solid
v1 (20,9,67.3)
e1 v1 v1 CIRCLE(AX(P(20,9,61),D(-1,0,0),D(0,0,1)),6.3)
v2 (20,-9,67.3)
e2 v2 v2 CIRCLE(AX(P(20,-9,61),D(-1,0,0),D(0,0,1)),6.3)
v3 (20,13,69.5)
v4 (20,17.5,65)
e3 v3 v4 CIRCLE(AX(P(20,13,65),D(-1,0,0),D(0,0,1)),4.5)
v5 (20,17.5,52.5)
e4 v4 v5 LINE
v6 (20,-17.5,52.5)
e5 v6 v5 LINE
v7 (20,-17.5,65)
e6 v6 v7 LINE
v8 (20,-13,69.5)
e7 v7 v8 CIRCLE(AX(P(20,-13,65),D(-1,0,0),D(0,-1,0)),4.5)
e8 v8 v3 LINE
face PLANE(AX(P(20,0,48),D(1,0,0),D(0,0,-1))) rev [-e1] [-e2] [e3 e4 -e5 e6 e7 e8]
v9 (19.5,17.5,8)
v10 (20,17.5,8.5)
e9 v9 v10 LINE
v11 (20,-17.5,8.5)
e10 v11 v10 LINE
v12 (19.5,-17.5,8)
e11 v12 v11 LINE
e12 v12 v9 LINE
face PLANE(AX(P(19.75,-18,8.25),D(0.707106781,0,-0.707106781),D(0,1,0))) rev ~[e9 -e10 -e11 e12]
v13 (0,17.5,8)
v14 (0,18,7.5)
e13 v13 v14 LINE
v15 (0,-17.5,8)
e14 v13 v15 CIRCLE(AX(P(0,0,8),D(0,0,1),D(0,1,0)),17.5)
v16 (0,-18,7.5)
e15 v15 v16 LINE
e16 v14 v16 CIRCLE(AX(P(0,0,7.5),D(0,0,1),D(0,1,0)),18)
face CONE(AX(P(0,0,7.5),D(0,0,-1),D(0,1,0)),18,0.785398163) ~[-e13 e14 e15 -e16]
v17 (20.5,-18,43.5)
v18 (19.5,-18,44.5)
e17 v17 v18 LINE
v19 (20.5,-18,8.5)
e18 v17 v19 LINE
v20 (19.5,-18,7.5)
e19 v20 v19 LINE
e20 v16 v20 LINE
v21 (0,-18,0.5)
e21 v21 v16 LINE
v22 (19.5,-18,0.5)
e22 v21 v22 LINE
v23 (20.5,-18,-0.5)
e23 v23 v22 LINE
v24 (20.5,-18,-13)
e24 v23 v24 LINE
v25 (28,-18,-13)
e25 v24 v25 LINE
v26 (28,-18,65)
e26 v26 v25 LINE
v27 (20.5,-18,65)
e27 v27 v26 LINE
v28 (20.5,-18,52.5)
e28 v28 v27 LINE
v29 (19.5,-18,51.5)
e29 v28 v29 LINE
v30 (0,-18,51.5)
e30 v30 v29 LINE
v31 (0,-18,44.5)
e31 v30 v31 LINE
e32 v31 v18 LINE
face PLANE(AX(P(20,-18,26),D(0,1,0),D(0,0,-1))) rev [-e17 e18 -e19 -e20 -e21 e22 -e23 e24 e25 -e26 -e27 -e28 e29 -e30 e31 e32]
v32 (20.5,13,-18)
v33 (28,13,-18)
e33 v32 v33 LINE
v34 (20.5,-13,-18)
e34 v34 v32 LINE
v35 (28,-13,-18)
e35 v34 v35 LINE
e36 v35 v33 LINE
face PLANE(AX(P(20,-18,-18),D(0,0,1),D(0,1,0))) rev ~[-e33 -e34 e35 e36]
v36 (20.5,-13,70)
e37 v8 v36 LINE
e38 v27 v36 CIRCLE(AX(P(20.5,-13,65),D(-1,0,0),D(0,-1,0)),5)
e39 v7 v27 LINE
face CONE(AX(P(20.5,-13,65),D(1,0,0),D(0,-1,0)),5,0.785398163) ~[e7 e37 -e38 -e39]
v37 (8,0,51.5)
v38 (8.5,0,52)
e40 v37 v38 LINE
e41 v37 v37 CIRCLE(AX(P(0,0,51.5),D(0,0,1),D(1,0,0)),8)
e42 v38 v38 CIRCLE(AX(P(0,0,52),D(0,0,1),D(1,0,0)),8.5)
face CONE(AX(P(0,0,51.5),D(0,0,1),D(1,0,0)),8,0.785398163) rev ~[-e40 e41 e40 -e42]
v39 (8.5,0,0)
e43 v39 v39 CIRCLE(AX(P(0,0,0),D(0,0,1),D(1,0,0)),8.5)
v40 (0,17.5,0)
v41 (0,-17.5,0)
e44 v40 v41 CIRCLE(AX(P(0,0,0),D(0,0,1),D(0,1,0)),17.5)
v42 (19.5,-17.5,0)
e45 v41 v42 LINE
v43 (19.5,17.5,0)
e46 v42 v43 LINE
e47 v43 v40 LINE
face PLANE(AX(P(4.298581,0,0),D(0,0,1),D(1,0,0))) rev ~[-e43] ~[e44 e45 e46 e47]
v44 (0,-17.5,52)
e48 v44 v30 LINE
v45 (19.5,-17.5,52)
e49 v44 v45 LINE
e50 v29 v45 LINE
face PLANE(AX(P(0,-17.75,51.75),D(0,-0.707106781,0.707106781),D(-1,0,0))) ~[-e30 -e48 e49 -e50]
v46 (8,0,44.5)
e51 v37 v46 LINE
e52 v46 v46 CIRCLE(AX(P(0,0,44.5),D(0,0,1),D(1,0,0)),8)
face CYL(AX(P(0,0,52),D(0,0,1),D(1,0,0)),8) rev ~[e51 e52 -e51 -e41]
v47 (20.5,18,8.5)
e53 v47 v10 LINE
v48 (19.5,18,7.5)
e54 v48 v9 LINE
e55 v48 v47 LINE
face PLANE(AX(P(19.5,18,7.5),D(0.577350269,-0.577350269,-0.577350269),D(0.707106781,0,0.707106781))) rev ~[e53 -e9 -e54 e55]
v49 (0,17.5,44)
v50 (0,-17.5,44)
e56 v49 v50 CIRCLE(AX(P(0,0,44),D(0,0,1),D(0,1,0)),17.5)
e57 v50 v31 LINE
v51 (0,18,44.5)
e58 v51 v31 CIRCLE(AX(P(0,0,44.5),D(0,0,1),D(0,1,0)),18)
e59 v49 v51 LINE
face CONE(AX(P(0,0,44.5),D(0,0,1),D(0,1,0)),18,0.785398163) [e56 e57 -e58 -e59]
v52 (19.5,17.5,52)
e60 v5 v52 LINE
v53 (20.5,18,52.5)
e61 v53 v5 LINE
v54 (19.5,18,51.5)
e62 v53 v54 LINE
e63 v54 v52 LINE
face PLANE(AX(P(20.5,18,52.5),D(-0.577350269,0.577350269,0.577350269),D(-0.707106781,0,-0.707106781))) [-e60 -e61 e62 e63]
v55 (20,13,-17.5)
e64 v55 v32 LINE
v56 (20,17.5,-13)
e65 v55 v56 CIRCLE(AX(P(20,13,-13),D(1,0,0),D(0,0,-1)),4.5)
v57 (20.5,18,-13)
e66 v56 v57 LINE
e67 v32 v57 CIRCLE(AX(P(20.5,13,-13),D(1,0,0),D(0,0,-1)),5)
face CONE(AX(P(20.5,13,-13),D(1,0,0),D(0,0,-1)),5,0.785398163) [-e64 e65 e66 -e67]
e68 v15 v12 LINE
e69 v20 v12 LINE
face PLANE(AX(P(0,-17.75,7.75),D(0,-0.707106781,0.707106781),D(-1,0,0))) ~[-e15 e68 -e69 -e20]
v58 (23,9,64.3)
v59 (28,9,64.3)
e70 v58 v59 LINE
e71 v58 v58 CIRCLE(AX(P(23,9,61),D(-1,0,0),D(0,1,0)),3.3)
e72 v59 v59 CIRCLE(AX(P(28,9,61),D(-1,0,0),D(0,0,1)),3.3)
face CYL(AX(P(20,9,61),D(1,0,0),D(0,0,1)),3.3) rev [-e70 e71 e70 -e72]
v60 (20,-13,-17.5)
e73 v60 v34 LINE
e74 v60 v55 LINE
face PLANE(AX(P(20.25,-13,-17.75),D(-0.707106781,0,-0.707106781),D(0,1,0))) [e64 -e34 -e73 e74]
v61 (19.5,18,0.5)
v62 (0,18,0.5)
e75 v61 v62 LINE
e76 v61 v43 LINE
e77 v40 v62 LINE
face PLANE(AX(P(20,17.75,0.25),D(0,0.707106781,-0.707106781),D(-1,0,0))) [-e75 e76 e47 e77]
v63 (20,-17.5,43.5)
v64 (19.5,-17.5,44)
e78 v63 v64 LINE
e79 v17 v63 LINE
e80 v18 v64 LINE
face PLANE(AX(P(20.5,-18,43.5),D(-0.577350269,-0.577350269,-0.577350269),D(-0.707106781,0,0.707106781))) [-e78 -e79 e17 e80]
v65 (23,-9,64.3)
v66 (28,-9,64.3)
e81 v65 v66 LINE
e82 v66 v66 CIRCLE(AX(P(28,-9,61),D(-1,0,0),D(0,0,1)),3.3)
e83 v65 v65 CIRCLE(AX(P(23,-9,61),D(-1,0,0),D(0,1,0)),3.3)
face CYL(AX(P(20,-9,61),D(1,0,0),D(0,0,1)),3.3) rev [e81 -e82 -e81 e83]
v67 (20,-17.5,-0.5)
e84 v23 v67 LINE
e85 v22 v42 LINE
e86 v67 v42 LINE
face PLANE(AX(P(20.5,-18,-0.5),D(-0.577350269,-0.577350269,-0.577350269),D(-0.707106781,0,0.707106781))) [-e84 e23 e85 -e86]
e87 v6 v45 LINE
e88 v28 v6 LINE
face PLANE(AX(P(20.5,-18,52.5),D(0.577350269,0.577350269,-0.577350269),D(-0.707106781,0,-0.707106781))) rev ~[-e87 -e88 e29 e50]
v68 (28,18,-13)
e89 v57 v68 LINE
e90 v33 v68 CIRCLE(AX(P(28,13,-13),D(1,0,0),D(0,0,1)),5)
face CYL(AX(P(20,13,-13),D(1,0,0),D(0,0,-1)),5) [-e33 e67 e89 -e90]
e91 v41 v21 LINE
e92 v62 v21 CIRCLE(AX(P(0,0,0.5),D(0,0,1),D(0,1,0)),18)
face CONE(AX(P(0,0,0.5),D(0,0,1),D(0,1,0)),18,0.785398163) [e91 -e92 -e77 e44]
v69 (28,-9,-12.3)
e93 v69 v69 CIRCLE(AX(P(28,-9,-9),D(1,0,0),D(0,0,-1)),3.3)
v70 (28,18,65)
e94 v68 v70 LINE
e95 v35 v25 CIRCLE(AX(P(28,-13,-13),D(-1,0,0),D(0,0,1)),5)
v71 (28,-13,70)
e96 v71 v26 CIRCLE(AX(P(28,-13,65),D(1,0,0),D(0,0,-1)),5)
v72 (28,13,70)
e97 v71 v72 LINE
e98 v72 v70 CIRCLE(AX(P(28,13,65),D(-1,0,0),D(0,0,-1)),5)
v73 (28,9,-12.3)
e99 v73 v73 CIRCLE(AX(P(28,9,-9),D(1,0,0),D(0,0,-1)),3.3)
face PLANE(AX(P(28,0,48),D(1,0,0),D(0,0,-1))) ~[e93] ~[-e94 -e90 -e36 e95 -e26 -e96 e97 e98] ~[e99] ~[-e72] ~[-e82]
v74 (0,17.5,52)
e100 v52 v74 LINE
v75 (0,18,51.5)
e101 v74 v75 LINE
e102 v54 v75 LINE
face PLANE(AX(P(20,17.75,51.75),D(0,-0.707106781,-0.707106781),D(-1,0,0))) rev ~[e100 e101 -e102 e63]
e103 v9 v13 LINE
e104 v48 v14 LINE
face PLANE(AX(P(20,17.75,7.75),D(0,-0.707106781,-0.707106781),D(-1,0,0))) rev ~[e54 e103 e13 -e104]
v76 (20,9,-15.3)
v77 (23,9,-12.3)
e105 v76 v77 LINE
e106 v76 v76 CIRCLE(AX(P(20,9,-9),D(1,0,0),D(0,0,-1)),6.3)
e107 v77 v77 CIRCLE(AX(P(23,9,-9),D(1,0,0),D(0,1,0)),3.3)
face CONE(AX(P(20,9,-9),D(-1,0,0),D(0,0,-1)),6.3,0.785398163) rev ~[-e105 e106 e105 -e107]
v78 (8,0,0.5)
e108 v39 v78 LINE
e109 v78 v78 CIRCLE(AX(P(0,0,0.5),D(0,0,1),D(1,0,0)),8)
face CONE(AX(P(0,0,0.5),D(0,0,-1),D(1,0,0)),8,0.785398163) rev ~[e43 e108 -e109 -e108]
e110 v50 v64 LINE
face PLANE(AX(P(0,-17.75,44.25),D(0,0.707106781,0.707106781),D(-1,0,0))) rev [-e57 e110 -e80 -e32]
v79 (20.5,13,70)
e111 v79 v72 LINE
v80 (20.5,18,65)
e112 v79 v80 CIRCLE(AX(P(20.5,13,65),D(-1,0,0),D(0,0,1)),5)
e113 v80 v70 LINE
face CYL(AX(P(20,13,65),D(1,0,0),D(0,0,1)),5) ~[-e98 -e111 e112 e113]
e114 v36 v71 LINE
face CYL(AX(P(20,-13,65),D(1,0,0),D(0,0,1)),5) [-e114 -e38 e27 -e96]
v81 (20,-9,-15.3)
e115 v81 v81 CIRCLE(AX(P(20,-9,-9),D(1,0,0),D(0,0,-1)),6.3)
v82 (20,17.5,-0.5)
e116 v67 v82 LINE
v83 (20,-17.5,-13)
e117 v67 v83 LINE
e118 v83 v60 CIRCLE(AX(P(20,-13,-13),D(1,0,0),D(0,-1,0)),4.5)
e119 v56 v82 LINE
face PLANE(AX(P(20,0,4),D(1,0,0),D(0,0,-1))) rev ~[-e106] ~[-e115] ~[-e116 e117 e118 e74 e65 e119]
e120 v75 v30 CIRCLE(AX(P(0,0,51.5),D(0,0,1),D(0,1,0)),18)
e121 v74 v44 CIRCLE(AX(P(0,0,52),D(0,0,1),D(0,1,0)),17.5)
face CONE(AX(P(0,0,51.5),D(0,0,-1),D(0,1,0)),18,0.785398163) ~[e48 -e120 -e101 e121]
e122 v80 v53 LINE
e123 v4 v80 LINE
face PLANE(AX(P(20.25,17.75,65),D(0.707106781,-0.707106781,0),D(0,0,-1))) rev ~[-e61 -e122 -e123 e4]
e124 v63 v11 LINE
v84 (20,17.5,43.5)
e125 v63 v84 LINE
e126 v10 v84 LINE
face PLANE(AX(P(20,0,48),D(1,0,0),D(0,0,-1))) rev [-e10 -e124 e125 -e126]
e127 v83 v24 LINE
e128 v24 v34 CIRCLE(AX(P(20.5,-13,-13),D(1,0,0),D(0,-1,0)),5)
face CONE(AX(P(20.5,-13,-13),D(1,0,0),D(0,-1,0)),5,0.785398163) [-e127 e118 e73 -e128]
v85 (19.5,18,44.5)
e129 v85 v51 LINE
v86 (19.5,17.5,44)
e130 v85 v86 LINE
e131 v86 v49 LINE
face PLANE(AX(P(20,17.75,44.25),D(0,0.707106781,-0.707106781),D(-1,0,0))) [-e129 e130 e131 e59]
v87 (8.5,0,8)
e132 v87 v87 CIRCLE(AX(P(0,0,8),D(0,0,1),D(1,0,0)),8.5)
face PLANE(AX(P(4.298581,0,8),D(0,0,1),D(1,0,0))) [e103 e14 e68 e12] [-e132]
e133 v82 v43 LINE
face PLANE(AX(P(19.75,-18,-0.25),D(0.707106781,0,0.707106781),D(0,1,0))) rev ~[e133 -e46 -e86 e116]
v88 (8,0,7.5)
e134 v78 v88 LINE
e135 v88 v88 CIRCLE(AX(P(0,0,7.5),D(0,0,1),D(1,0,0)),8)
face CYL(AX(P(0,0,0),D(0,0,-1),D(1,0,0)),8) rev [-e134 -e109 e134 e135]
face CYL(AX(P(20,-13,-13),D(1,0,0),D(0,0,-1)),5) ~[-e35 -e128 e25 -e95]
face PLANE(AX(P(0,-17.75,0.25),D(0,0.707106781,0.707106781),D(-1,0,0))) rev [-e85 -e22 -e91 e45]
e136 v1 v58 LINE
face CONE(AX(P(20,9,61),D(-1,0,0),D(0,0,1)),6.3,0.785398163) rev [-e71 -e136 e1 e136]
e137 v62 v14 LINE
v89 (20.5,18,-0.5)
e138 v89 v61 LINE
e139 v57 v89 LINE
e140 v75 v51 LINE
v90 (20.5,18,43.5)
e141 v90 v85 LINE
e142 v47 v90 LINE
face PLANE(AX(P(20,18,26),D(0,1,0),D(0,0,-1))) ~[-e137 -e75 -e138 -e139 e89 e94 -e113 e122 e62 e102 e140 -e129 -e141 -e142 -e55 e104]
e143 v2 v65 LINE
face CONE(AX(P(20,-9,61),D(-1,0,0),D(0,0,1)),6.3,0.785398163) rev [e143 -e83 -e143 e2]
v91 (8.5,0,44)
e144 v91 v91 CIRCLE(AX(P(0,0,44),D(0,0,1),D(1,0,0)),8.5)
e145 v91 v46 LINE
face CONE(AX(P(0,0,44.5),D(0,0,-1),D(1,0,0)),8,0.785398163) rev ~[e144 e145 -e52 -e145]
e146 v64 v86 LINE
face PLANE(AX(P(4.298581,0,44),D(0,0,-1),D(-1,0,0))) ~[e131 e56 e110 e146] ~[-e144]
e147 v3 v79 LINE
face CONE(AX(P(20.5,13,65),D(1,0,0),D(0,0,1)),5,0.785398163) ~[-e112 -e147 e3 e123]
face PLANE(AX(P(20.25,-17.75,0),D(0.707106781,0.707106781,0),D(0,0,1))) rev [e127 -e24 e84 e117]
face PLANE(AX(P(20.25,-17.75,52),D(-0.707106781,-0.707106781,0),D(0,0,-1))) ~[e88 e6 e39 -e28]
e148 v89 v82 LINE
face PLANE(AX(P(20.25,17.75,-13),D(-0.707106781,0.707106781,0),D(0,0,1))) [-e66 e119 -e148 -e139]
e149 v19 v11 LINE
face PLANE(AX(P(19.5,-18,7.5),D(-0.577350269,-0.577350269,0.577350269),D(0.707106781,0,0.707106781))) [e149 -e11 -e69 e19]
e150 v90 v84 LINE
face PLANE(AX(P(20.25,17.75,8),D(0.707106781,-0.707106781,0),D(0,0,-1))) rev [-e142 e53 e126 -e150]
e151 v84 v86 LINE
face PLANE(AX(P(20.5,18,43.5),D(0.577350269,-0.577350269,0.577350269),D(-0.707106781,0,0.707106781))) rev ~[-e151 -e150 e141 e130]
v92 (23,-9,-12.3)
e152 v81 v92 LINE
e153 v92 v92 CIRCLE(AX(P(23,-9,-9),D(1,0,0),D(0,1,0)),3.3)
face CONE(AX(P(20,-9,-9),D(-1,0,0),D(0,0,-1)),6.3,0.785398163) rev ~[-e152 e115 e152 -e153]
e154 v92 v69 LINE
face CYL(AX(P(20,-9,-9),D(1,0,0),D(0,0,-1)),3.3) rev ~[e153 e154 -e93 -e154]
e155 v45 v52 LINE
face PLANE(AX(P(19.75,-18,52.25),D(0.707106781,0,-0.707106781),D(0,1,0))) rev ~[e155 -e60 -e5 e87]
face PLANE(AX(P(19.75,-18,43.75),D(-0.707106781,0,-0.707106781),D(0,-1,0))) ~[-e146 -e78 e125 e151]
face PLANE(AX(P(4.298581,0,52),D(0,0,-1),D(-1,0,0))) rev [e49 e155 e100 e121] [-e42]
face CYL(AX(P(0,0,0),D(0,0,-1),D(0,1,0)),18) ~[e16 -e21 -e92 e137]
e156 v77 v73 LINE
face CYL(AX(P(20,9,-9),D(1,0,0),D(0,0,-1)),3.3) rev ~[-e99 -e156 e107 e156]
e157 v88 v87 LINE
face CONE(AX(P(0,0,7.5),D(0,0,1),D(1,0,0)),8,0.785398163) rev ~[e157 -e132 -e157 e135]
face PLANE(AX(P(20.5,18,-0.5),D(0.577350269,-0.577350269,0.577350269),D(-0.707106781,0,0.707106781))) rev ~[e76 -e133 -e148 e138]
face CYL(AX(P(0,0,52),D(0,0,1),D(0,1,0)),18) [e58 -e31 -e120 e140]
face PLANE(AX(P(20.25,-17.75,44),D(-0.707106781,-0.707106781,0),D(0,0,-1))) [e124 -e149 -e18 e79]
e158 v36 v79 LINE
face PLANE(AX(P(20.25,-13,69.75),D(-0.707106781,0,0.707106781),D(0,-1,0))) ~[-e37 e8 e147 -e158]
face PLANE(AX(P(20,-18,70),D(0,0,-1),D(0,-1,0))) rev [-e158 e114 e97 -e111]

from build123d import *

# Parameters (mm, degrees)
SKETCH1_R                                           = 8
BOSS_EXTRUDE1_DEPTH                                 = 8
SKETCH3_W                                           = 44
SKETCH3_H                                           = 36
BOSS_EXTRUDE2_DEPTH                                 = 8
CSK_FOR_M6_COUNTERSUNK_FLAT_HEAD_SCREW1_D           = 6.6
CSK_FOR_M6_COUNTERSUNK_FLAT_HEAD_SCREW1_DEPTH       = 12
CSK_FOR_M6_COUNTERSUNK_FLAT_HEAD_SCREW1_CSINK_D     = 12.6
CSK_FOR_M6_COUNTERSUNK_FLAT_HEAD_SCREW1_CSINK_ANGLE = 90
CSK_FOR_M6_COUNTERSUNK_FLAT_HEAD_SCREW1_TIP         = 1.982840043
FILLET1_R                                           = 5
CHAMFER1_SIZE                                       = 0.5


with BuildPart() as part:
    # Sketch1 → Boss-Extrude1 (new body)
    with BuildSketch(Plane.XY):
        with BuildLine():
            Line((20, -18), (20, 18))
            Line((20, 18), (0, 18))
            ThreePointArc((0, 18), (-18, 0), (0, -18))
            Line((0, -18), (20, -18))
        make_face()
        Circle(SKETCH1_R, mode=Mode.SUBTRACT)
    extrude(amount=BOSS_EXTRUDE1_DEPTH)

    # Sketch3 → Boss-Extrude2 (add)
    with BuildSketch(Plane(origin=(20, 0, 0), x_dir=(0, 0, -1), z_dir=(1, 0, 0))):
        with Locations((-4, 0)):
            Rectangle(SKETCH3_W, SKETCH3_H)
    extrude(amount=BOSS_EXTRUDE2_DEPTH)

    # CSK for M6 Countersunk Flat Head Screw1
    with Locations(Plane.ZY.offset(-20)):
        with Locations((-9, 9), (-9, -9)):
            CounterSinkHole(CSK_FOR_M6_COUNTERSUNK_FLAT_HEAD_SCREW1_D / 2, CSK_FOR_M6_COUNTERSUNK_FLAT_HEAD_SCREW1_CSINK_D / 2, depth=CSK_FOR_M6_COUNTERSUNK_FLAT_HEAD_SCREW1_DEPTH, counter_sink_angle=CSK_FOR_M6_COUNTERSUNK_FLAT_HEAD_SCREW1_CSINK_ANGLE)
            with Locations((0, 0, -(CSK_FOR_M6_COUNTERSUNK_FLAT_HEAD_SCREW1_DEPTH + CSK_FOR_M6_COUNTERSUNK_FLAT_HEAD_SCREW1_TIP / 2))):  # 118° drill point
                Cone(0, CSK_FOR_M6_COUNTERSUNK_FLAT_HEAD_SCREW1_D / 2, CSK_FOR_M6_COUNTERSUNK_FLAT_HEAD_SCREW1_TIP, mode=Mode.SUBTRACT)

    # Fillet1
    fillet1_edges = [part.edges().sort_by_distance(p)[0] for p in [
        (24, -18, -18),
        (24, 18, -18),
    ]]
    fillet(fillet1_edges, radius=FILLET1_R)

    # Mirror1: part across plane


with BuildPart() as part_1:
    add(part.part)
    add(part.part.mirror(Plane(origin=(28, -18, 26), x_dir=(1, 0, 0), z_dir=(0, 0, -1))))

    # Chamfer1
    chamfer1_edges = [part_1.edges().sort_by_distance(p)[0] for p in [
        (-8, 0, 0),
        (-8, 0, 8),
        (20, 0, 8),
        (10, 18, 8),
        (20, 18, 26),
        (20, -18, 26),
        (20, -18, -6.5),
        (20, 0, -18),
        (20, 18, -6.5),
        (20, 16.535533906, -16.535533906),
        (-18, 0, 8),
        (10, 18, 0),
        (20, -16.535533906, -16.535533906),
        (20, 0, 0),
        (10, -18, 0),
        (-18, 0, 0),
        (-8, 0, 44),
        (-18, 0, 52),
        (10, -18, 52),
        (20, 0, 52),
        (10, 18, 52),
        (-18, 0, 44),
        (10, -18, 44),
        (10, 18, 44),
        (-8, 0, 52),
        (20, 0, 70),
        (20, 18, 58.5),
        (20, -18, 58.5),
        (20, 0, 44),
        (20, -16.535533906, 68.535533906),
        (20, 16.535533906, 68.535533906),
        (10, -18, 8),
    ]]
    chamfer(chamfer1_edges, length=CHAMFER1_SIZE)


solid = part_1.part
